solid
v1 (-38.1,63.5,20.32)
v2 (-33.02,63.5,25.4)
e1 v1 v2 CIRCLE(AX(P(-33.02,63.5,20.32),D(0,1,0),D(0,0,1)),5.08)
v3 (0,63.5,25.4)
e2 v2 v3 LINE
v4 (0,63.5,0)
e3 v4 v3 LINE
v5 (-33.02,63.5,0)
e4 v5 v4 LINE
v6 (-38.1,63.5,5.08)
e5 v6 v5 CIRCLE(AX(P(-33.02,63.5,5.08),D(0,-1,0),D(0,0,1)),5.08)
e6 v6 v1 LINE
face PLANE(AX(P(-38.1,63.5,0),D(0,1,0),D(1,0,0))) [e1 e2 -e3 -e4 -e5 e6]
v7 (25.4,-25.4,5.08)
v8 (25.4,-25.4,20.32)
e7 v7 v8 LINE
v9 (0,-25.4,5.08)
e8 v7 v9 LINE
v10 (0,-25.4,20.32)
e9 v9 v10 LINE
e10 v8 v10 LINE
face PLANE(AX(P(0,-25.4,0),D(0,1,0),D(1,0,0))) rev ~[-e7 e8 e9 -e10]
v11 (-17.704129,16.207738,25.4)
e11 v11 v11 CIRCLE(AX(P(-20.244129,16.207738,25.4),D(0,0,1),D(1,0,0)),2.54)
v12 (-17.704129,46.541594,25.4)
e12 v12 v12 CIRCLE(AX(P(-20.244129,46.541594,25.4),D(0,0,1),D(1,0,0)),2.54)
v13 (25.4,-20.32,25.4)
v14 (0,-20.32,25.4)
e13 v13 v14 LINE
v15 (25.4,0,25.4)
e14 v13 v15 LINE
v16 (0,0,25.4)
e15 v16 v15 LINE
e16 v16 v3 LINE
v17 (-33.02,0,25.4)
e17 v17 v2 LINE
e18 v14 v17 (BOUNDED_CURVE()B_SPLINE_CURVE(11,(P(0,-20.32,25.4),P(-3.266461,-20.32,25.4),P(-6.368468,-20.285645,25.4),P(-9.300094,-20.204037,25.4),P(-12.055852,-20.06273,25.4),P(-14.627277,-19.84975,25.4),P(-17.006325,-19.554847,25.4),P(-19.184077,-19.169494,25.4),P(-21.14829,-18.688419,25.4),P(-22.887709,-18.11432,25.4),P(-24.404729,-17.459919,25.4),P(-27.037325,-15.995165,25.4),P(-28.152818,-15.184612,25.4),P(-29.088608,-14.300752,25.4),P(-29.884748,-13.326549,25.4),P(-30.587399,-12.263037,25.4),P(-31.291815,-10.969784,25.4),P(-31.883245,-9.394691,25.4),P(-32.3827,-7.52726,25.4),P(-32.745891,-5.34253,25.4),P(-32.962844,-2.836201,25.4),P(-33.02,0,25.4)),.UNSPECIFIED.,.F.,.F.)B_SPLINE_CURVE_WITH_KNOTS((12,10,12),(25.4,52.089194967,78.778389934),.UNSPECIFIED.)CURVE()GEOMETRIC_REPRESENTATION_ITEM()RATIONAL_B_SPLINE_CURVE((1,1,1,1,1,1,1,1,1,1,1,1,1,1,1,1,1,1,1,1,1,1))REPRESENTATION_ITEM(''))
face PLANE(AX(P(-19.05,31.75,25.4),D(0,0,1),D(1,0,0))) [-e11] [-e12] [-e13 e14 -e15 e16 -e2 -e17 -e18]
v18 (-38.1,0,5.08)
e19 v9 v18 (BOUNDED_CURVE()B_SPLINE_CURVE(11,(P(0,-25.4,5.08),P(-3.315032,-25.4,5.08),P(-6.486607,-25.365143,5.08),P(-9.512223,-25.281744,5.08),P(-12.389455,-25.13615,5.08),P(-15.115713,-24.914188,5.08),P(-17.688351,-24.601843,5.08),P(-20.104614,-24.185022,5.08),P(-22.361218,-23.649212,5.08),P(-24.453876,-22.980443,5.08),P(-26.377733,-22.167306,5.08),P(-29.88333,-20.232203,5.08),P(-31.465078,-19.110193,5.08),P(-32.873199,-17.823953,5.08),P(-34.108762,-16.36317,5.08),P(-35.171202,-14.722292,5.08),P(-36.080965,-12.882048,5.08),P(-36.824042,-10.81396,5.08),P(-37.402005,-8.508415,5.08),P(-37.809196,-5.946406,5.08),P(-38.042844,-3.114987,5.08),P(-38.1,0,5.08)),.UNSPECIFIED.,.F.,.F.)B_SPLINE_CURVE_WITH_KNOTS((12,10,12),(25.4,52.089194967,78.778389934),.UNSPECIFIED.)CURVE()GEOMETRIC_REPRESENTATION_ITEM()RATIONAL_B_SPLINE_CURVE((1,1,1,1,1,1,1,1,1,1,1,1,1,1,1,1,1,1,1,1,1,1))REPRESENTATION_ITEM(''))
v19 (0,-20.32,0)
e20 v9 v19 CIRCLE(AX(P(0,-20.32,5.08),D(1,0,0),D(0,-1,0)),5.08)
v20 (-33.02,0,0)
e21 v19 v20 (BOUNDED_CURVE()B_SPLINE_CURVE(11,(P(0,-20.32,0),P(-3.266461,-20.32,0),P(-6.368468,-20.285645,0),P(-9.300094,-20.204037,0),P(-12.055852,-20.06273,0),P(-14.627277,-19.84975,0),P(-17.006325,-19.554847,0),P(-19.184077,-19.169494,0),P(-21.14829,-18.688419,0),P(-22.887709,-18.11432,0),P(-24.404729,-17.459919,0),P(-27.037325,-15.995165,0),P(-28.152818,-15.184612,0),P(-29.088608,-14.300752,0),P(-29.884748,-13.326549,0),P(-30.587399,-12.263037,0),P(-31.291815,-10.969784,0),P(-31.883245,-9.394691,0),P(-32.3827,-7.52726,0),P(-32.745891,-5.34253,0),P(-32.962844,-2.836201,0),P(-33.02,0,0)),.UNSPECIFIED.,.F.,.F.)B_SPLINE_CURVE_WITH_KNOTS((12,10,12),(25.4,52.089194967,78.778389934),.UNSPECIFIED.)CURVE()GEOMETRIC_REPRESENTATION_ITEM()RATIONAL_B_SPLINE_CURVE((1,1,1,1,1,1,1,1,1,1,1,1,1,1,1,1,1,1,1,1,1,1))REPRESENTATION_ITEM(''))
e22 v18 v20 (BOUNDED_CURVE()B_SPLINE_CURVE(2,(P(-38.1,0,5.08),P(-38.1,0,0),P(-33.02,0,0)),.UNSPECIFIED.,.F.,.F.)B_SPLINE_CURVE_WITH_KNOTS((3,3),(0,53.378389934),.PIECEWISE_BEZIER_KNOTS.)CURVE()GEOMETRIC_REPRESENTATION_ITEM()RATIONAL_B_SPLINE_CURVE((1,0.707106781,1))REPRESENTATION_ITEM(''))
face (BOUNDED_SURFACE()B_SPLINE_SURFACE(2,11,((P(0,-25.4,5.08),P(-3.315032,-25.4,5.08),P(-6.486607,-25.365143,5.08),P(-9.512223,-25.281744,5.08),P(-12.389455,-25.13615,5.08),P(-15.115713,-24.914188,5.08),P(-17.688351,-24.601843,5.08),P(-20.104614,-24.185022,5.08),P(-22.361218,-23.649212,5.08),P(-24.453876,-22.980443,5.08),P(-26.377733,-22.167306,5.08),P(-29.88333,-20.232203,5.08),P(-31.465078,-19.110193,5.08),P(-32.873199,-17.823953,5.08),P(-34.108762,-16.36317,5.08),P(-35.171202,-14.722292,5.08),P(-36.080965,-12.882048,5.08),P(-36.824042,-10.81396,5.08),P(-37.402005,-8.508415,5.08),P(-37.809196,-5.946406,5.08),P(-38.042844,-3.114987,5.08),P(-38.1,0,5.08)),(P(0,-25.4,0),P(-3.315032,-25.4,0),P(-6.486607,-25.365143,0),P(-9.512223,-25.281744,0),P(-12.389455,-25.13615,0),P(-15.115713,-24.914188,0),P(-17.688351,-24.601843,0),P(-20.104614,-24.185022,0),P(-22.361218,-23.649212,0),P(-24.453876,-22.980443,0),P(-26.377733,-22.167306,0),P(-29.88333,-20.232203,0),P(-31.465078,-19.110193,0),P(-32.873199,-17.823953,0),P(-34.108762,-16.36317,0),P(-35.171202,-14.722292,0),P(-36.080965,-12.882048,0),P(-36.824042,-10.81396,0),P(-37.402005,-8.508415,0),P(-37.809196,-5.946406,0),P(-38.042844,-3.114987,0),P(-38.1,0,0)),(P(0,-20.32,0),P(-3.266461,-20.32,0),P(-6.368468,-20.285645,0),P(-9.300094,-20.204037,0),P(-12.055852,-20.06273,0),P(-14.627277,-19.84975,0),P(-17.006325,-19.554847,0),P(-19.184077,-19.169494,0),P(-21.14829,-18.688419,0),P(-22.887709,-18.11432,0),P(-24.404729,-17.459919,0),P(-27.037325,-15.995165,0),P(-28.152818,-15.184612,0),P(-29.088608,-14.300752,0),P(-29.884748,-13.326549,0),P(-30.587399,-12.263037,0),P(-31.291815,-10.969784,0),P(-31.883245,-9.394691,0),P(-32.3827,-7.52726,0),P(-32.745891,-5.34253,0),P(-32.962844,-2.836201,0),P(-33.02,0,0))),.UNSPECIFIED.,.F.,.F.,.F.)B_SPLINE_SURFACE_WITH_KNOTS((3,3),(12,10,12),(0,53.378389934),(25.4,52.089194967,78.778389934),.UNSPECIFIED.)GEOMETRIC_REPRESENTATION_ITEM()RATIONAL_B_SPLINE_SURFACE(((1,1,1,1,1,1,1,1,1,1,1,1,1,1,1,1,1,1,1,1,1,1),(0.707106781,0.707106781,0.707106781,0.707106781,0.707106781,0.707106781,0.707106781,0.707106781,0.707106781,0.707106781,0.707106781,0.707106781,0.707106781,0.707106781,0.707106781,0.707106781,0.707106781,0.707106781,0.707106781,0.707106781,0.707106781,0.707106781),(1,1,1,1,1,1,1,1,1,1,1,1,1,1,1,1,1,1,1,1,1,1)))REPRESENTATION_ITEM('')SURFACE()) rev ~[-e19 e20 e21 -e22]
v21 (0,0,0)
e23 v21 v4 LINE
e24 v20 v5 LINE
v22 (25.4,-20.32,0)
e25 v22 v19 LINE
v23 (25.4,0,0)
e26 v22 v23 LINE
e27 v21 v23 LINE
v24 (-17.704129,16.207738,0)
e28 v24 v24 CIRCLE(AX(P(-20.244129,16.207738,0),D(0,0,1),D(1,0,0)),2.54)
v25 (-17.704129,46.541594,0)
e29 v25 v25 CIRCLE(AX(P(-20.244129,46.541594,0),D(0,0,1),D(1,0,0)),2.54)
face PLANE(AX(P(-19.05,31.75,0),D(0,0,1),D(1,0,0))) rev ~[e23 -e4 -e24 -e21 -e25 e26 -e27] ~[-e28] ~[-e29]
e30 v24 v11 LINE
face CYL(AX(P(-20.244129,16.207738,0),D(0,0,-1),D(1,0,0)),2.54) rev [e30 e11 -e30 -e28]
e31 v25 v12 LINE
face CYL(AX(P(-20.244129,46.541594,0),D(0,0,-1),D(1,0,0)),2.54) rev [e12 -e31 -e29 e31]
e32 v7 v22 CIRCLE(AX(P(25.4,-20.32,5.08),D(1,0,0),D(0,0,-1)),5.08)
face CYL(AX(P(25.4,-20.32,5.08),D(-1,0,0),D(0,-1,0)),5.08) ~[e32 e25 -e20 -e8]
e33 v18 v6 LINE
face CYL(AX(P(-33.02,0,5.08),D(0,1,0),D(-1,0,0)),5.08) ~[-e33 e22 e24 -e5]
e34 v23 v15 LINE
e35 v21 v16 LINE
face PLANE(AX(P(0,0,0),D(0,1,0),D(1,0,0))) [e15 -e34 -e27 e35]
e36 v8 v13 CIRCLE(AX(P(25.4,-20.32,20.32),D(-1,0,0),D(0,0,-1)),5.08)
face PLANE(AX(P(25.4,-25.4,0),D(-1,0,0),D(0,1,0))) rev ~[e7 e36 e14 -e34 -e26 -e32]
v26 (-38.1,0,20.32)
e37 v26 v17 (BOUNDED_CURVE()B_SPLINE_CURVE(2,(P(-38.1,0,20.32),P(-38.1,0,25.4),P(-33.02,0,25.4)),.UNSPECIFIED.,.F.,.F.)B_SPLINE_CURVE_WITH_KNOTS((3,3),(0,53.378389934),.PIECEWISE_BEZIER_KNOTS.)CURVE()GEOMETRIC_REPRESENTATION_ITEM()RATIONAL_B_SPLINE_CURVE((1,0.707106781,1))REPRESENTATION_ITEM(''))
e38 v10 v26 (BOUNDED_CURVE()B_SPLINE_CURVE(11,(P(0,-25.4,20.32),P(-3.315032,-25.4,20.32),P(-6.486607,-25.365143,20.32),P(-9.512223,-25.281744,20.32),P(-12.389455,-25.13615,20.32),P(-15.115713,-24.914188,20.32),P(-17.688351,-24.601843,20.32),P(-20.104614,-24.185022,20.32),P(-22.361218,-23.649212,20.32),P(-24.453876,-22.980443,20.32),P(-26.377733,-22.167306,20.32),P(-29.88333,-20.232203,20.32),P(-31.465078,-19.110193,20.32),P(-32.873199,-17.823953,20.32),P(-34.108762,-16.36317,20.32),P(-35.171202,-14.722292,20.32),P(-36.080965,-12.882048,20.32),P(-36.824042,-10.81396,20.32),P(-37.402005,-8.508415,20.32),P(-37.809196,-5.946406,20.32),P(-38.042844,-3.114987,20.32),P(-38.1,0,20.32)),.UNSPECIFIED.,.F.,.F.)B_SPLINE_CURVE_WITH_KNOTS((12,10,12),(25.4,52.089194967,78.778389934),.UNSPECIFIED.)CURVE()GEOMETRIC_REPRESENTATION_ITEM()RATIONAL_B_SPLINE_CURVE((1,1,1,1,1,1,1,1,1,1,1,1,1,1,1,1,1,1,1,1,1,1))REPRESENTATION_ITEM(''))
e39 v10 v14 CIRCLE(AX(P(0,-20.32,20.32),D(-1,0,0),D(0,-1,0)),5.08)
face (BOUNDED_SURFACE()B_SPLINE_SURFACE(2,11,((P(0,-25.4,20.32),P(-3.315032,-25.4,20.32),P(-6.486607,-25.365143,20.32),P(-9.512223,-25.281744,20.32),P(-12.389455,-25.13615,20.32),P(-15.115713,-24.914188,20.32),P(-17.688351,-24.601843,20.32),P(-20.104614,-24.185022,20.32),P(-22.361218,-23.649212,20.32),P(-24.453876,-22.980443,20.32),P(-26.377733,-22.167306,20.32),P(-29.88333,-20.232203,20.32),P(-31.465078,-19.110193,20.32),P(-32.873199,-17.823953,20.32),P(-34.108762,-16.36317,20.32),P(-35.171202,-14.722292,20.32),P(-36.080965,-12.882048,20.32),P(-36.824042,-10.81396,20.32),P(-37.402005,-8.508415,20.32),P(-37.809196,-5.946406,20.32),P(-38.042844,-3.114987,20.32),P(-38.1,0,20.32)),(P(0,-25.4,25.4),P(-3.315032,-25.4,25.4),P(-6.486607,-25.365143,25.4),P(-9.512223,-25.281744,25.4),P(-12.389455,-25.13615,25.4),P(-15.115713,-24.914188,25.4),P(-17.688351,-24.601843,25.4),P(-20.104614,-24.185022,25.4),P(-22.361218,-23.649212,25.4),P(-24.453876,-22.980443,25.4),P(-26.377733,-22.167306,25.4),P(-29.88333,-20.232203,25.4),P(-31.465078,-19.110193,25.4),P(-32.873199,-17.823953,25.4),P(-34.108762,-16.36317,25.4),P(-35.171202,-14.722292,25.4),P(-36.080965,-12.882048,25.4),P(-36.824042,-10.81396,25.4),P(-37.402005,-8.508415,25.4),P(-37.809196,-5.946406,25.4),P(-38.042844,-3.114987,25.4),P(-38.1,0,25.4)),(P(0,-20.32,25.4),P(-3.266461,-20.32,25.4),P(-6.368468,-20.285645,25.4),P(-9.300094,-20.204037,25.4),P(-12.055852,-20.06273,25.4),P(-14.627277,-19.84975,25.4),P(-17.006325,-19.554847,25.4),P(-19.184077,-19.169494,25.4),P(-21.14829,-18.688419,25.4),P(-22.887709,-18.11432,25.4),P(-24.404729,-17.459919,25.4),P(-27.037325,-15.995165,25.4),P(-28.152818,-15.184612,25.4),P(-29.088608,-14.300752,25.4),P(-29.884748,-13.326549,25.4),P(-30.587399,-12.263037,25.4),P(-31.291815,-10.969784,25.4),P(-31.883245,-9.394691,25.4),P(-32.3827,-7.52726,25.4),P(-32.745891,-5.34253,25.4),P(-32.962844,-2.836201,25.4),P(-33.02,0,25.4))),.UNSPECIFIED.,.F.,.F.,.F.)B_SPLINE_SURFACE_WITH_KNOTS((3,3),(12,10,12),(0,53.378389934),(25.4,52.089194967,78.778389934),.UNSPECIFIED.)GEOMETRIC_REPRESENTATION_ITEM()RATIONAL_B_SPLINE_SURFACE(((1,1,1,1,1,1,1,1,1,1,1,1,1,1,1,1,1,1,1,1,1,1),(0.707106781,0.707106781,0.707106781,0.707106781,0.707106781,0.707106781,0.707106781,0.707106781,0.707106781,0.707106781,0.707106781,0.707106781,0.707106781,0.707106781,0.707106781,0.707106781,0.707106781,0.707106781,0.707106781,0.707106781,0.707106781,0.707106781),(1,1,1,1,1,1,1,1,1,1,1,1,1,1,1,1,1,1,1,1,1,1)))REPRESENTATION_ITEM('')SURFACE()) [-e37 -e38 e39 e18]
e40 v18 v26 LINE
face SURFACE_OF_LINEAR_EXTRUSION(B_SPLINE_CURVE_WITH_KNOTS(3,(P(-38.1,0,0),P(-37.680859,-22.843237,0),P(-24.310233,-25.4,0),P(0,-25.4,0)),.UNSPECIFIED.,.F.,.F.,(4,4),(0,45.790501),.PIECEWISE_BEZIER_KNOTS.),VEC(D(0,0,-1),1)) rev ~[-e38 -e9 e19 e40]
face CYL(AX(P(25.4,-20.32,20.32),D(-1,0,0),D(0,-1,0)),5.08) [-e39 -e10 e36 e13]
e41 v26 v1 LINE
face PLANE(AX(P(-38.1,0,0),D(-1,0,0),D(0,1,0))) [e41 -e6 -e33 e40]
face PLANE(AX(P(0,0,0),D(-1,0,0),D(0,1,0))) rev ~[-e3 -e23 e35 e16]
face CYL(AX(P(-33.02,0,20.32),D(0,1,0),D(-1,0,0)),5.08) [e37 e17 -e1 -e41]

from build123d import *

# Parameters (mm, degrees)
F0_W     = 38.1
F0_H     = 63.5
F0_R     = 2.54
F0_W_2   = 25.4
F0_H_2   = 25.4
F1_DEPTH = 25.4
F2_R     = 5.08


with BuildPart() as f1:
    # F0 (on Top) → F1 (new body)
    with BuildSketch(Plane.XY):
        with Locations((-19.05, 31.75)):
            Rectangle(F0_W, F0_H)
        with Locations((-20.244129, 16.207738)):
            Circle(F0_R, mode=Mode.SUBTRACT)
        with Locations((-20.244129, 46.541594)):
            Circle(F0_R, mode=Mode.SUBTRACT)
        with Locations((12.7, -12.7)):
            Rectangle(F0_W_2, F0_H_2)
        with BuildLine():
            Line((0, -25.4), (0, 0))
            Line((0, 0), (-38.1, 0))
            add(Edge.make_bspline(
                [(-38.1, 0), (-37.680859, -22.843237), (-24.310233, -25.4), (0, -25.4)],
                knots=[0, 0, 0, 0, 45.790501, 45.790501, 45.790501, 45.790501], degree=3))
        make_face()
    extrude(amount=F1_DEPTH)

    # F2
    f2_edges = [f1.edges().sort_by_distance(p)[0] for p in [
        (-38.1, 31.75, 25.4),
        (-38.1, 31.75, 0),
        (-26.310812, -22.093817, 25.4),
        (-26.310812, -22.093817, 0),
    ]]
    fillet(f2_edges, radius=F2_R)


solid = f1.part
